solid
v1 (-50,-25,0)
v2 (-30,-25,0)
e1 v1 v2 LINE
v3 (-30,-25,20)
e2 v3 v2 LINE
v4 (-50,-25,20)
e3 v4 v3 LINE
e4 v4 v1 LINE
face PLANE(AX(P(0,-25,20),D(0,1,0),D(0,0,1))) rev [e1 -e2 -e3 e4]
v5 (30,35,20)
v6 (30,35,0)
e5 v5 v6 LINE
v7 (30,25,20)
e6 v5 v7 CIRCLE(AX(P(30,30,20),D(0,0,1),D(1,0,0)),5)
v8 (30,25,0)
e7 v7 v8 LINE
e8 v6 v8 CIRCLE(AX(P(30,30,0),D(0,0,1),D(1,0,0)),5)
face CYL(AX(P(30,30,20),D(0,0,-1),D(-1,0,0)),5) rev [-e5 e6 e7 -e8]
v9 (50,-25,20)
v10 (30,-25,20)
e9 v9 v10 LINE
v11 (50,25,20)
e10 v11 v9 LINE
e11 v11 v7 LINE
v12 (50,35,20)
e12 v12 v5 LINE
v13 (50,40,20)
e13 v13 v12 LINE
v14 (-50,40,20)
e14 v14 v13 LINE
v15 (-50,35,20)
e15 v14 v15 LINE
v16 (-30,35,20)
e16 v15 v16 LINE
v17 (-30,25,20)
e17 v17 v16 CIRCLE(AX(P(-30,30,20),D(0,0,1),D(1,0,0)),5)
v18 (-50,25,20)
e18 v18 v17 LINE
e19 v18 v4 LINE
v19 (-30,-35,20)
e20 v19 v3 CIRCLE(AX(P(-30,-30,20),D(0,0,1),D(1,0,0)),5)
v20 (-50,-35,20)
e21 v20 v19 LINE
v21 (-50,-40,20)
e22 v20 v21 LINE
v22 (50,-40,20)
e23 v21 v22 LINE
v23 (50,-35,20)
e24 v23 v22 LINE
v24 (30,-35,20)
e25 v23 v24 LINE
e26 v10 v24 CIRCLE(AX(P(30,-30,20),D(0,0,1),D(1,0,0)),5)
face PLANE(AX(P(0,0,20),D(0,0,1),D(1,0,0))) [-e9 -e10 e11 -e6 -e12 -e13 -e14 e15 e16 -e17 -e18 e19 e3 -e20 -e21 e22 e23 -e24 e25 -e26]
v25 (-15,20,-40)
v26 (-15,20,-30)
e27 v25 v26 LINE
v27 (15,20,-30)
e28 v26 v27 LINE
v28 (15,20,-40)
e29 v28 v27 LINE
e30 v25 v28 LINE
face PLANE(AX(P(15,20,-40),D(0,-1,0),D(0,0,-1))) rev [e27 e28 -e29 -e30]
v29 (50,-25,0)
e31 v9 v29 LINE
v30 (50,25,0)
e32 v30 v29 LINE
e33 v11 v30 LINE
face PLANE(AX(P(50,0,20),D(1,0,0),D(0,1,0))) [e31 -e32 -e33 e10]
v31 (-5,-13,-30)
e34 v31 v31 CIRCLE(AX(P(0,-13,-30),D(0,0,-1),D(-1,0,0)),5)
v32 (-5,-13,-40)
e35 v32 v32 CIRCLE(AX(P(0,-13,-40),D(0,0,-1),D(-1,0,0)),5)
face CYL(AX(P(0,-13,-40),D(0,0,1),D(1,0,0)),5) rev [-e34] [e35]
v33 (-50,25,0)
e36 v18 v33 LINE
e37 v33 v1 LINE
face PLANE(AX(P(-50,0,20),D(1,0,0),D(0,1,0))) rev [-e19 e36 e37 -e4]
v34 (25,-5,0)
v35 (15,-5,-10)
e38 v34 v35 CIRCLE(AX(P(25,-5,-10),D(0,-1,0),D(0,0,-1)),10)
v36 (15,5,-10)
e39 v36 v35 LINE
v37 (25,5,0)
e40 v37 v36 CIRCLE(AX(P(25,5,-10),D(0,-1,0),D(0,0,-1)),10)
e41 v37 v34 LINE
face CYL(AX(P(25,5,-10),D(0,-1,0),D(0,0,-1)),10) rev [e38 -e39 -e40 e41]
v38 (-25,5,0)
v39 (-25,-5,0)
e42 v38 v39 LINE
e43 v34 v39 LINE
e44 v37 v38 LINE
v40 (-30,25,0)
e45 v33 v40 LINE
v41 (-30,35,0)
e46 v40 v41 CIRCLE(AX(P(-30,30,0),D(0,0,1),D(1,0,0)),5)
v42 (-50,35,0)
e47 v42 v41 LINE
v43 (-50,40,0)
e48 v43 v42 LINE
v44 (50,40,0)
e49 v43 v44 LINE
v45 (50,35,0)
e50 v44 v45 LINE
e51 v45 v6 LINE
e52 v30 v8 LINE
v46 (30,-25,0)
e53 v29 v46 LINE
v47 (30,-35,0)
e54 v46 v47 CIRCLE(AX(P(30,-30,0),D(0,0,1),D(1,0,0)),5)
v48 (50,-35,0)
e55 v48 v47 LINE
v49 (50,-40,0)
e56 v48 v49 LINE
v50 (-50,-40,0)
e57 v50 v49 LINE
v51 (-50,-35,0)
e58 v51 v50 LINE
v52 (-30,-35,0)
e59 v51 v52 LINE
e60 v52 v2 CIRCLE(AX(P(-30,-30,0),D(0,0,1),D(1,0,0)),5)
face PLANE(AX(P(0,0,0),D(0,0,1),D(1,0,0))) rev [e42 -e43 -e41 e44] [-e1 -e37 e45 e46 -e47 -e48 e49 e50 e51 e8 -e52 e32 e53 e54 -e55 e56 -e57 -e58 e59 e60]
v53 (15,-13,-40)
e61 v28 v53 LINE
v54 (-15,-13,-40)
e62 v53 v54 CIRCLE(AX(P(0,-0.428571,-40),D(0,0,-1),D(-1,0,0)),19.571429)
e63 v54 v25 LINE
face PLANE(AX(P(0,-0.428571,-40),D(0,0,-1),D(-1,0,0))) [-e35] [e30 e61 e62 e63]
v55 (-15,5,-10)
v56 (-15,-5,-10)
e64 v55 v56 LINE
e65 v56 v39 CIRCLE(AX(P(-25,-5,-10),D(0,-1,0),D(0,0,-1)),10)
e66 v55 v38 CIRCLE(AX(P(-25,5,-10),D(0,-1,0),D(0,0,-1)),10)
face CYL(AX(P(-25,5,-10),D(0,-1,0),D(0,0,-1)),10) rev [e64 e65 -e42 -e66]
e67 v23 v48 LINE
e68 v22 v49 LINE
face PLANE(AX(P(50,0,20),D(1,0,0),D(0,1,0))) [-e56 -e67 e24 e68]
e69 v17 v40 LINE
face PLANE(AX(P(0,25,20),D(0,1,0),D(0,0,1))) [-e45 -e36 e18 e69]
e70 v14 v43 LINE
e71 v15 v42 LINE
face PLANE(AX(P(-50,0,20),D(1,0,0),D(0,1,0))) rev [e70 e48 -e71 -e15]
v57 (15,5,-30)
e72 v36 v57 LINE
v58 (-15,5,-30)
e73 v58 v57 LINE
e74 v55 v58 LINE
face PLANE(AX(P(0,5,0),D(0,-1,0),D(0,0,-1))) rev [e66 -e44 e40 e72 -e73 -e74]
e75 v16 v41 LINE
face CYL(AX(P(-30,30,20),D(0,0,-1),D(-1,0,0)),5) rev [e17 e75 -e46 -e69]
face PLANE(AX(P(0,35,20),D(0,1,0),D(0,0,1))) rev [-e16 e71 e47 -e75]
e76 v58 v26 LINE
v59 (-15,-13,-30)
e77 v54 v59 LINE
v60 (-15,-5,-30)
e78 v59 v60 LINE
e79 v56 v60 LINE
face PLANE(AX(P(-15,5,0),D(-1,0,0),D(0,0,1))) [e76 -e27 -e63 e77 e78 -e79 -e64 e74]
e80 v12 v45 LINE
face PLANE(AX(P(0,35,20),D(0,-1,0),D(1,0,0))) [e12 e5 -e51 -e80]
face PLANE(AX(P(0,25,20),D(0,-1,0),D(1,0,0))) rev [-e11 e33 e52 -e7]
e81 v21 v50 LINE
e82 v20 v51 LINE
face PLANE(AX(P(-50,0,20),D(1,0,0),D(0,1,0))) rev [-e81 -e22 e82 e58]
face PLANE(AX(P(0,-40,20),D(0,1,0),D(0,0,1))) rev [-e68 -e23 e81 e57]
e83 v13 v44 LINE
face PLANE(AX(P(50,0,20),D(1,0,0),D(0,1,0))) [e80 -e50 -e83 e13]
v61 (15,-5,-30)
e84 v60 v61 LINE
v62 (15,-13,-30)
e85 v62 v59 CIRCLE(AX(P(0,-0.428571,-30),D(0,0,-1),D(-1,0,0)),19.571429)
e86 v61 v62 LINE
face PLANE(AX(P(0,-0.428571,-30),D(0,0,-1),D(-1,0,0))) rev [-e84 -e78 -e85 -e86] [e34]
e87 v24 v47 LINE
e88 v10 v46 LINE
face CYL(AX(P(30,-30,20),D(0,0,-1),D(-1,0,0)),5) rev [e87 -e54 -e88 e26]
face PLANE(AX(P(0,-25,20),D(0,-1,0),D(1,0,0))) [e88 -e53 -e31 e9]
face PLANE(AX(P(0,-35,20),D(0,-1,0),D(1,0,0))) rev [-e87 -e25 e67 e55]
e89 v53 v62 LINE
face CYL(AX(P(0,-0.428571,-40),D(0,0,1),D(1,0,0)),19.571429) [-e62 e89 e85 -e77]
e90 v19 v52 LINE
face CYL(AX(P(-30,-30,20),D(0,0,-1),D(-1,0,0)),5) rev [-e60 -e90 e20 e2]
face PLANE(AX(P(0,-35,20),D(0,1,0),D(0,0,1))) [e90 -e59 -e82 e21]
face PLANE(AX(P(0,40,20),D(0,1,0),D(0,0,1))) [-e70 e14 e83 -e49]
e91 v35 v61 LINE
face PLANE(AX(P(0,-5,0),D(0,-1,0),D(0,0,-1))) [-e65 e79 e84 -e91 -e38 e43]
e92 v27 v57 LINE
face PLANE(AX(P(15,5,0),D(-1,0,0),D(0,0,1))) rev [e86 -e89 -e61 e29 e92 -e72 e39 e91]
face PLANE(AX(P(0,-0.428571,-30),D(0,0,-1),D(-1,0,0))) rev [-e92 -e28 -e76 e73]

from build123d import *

# Parameters (mm, degrees)
EXTRUDE_1_DEPTH = 20
EXTRUDE_2_DEPTH = 10
SKETCH_3_R      = 5
EXTRUDE_3_DEPTH = 10


with BuildPart() as part:
    # 草圖1 → 填料-伸長1 (new body)
    with BuildSketch(Plane.XY):
        with BuildLine():
            Line((50, 40), (-50, 40))
            Line((-50, 40), (-50, 35))
            Line((-50, 35), (-30, 35))
            ThreePointArc((-30, 35), (-25, 30), (-30, 25))
            Line((-30, 25), (-50, 25))
            Line((-50, 25), (-50, -25))
            Line((-50, -25), (-30, -25))
            ThreePointArc((-30, -25), (-25, -30), (-30, -35))
            Line((-30, -35), (-50, -35))
            Line((-50, -35), (-50, -40))
            Line((-50, -40), (50, -40))
            Line((50, -40), (50, -35))
            Line((50, -35), (30, -35))
            ThreePointArc((30, -35), (25, -30), (30, -25))
            Line((30, -25), (50, -25))
            Line((50, -25), (50, 25))
            Line((50, 25), (30, 25))
            ThreePointArc((30, 25), (25, 30), (30, 35))
            Line((30, 35), (50, 35))
            Line((50, 35), (50, 40))
        make_face()
    extrude(amount=EXTRUDE_1_DEPTH)

    # 草圖2 → 填料-伸長2 (add)
    with BuildSketch(Plane(origin=(0, -5, 0), x_dir=(-1, 0, 0), z_dir=(0, -1, 0))):
        with BuildLine():
            ThreePointArc((15, 10), (17.928932188, 2.928932188), (25, 0))
            Line((25, 0), (-25, 0))
            ThreePointArc((-25, 0), (-17.928932188, 2.928932188), (-15, 10))
            Line((-15, 10), (-15, 30))
            Line((-15, 30), (15, 30))
            Line((15, 30), (15, 10))
        make_face()
    extrude(amount=-EXTRUDE_2_DEPTH)

    # 草圖3 → 填料-伸長3 (add)
    with BuildSketch(Plane(origin=(0, 0, -30), x_dir=(-1, 0, 0), z_dir=(0, 0, -1))):
        with BuildLine():
            Line((-15, 20), (15, 20))
            Line((15, 20), (15, -13))
            ThreePointArc((15, -13), (0, -20), (-15, -13))
            Line((-15, -13), (-15, 20))
        make_face()
        with Locations((0, -13)):
            Circle(SKETCH_3_R, mode=Mode.SUBTRACT)
    extrude(amount=EXTRUDE_3_DEPTH)


solid = part.part
